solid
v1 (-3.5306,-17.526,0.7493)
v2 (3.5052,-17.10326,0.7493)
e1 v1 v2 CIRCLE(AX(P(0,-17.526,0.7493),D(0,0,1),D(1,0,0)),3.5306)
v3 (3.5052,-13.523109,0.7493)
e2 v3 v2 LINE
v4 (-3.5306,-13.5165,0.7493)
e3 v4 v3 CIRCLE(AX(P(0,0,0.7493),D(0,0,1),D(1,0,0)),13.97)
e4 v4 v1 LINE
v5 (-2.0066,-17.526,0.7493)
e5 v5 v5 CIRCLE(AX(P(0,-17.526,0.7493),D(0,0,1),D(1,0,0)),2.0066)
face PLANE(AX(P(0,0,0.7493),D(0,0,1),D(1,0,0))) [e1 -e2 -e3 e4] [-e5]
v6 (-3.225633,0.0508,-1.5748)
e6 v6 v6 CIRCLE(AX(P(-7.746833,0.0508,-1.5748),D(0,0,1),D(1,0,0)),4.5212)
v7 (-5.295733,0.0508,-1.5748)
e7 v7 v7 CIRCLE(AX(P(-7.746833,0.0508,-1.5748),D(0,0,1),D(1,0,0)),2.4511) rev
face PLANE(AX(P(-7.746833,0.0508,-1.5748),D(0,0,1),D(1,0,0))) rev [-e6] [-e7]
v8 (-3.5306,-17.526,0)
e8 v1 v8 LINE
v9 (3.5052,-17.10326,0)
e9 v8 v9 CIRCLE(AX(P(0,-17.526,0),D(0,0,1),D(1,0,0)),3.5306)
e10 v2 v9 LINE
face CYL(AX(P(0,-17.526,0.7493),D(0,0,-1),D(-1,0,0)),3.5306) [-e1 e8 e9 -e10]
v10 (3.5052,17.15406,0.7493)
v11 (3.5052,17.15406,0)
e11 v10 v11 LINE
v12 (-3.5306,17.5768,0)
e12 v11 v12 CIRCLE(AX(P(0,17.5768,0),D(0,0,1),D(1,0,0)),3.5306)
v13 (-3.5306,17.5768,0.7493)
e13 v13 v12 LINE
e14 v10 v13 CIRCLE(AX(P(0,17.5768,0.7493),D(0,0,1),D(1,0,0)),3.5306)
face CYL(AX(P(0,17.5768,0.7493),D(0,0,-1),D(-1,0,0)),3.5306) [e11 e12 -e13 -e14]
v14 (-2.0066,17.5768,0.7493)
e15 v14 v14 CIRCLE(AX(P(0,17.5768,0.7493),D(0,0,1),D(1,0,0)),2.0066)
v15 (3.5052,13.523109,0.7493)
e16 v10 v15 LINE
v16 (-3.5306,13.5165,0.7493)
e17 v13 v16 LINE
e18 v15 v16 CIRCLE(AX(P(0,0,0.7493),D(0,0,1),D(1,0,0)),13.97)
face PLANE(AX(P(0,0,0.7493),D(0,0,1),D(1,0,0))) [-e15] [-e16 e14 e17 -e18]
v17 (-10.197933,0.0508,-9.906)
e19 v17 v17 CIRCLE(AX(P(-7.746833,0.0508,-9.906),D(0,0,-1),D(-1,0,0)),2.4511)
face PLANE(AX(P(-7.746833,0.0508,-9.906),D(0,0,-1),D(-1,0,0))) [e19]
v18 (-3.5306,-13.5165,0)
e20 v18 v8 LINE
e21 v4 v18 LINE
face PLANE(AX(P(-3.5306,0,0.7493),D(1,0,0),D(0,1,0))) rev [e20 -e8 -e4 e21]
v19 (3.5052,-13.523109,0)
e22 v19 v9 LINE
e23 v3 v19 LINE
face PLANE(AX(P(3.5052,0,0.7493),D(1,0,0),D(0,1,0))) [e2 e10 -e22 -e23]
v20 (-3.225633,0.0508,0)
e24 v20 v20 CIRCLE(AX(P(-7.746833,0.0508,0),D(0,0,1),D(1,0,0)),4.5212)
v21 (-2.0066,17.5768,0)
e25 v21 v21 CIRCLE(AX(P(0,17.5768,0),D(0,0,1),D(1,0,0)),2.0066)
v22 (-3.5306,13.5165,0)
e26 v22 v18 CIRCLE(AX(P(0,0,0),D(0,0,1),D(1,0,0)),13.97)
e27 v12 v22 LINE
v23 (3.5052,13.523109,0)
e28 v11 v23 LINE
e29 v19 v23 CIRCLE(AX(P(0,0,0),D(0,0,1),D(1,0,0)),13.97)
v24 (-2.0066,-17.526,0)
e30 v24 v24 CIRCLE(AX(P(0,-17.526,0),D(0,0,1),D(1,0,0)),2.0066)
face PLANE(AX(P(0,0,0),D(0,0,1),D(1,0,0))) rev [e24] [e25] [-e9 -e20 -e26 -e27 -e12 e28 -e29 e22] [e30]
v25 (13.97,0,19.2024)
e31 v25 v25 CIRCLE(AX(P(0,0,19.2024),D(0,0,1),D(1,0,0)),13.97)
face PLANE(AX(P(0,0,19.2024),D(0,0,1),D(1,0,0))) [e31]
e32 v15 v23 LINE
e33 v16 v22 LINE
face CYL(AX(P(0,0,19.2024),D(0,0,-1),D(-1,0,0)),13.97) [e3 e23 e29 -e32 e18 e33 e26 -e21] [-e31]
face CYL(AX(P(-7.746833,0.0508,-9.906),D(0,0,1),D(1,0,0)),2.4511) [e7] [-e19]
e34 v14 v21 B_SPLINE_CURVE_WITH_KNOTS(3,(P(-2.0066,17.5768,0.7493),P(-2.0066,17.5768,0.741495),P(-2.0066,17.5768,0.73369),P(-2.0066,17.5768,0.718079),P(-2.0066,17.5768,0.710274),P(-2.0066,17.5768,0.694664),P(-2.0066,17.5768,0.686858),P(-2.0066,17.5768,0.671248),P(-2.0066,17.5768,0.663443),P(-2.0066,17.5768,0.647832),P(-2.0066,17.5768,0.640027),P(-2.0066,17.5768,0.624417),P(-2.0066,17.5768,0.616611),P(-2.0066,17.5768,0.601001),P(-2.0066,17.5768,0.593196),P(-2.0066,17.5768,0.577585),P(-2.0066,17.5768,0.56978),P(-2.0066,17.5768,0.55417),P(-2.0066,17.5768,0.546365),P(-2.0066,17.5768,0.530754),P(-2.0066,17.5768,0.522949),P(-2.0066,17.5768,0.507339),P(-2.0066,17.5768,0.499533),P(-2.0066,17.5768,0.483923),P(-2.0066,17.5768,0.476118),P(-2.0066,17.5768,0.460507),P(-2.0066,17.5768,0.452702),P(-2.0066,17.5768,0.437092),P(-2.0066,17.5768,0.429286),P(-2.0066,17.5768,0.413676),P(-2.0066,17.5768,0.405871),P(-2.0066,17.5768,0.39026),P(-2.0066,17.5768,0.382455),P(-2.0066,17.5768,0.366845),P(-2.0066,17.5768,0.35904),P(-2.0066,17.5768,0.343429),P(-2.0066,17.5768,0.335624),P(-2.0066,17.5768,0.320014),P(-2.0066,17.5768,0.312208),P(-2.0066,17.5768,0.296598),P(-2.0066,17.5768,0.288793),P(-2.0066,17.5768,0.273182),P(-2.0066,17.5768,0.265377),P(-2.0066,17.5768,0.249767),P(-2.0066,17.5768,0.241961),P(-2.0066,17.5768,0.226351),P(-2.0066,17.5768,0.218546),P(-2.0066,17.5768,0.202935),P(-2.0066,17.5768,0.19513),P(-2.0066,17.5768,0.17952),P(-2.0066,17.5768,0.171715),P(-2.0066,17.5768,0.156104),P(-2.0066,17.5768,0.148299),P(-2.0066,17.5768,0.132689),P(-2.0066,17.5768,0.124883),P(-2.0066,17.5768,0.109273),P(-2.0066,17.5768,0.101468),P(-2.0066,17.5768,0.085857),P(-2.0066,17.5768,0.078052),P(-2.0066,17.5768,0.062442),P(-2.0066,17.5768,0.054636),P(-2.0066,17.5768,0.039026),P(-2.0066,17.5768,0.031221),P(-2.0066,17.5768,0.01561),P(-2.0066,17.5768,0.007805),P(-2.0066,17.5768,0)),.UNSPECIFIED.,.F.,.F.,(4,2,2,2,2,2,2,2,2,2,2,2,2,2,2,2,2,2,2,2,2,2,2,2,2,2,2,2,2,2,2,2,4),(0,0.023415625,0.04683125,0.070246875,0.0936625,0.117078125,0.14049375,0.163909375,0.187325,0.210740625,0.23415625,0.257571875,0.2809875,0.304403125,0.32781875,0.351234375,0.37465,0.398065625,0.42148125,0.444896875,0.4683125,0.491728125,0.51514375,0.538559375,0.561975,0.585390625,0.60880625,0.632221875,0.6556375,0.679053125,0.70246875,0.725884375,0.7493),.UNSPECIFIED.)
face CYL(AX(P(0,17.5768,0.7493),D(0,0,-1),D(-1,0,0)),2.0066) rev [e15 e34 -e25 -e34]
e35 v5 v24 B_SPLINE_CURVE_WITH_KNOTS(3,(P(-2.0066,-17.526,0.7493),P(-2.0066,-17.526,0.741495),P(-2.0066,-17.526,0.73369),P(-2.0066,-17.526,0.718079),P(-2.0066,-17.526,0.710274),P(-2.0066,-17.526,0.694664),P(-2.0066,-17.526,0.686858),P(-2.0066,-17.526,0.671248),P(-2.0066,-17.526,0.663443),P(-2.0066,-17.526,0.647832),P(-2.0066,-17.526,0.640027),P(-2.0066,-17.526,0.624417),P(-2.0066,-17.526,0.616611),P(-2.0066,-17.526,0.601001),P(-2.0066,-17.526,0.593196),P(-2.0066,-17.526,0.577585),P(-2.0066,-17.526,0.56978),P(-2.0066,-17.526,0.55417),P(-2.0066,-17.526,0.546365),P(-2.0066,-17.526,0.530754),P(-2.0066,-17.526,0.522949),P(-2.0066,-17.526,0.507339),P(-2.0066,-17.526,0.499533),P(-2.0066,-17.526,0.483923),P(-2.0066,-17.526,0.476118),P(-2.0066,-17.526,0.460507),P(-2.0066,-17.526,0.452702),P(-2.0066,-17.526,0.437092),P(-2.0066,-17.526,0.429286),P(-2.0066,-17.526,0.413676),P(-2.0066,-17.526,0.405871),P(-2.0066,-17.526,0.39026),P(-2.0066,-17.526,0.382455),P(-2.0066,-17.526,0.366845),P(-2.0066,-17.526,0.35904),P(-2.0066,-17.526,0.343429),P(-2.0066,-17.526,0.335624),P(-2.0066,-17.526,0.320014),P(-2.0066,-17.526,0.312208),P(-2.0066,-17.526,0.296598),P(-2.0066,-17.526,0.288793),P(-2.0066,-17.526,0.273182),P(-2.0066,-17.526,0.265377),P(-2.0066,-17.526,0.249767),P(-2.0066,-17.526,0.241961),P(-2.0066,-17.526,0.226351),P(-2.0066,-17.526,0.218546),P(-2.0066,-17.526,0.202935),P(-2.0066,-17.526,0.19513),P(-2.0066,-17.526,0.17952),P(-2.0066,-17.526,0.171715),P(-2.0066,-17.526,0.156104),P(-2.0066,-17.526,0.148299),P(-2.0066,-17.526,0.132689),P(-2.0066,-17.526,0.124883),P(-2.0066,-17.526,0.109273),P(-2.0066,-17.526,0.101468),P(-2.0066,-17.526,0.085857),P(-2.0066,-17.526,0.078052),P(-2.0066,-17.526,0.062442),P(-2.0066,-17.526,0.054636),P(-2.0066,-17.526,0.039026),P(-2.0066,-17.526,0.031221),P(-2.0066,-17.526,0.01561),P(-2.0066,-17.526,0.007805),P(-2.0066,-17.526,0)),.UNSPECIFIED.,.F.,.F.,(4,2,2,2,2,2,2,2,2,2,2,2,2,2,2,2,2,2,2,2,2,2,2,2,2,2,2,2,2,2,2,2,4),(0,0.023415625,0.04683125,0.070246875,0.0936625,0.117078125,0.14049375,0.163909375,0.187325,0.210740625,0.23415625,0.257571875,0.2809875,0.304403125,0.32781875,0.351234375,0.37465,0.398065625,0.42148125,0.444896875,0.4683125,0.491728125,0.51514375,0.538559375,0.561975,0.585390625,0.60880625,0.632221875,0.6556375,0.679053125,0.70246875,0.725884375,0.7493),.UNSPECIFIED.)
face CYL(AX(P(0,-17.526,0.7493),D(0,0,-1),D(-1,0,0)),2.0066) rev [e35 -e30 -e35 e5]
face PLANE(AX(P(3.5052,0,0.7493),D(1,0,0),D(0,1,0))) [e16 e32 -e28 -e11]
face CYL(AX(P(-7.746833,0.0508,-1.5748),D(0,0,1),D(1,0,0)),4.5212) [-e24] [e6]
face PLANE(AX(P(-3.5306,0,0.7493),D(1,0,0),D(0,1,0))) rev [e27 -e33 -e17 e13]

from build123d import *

# Parameters (mm, degrees)
SKETCH1_R           = 13.97
BOSS_EXTRUDE1_DEPTH = 19.2024
SKETCH1_3_R         = 2.0066
BOSS_EXTRUDE2_DEPTH = 0.7493
SKETCH2_R           = 4.5212
BOSS_EXTRUDE3_DEPTH = 1.5748
SKETCH3_R           = 2.4511
BOSS_EXTRUDE4_DEPTH = 8.3312


with BuildPart() as part:
    # Sketch1 → Boss-Extrude1 (new body)
    with BuildSketch(Plane.XY):
        Circle(SKETCH1_R)
    extrude(amount=BOSS_EXTRUDE1_DEPTH)

    # Sketch1<3> → Boss-Extrude2 (add)
    # profile 1 of 2: a face of its own
    with BuildSketch(Plane.XY):
        with BuildLine():
            Line((3.5052, 13.52310885), (3.5052, 17.154059749))
            ThreePointArc((3.5052, 17.154059749), (0.211751316, 21.101044279), (-3.5306, 17.5768))
            Line((-3.5306, 17.5768), (-3.5306, 13.516499682))
            ThreePointArc((-3.5306, 13.516499682), (-0.013122891, 13.969993836), (3.5052, 13.52310885))
        make_face()
        with Locations((0, 17.5768)):
            Circle(SKETCH1_3_R, mode=Mode.SUBTRACT)
    # profile 2 of 2: a face of its own
    with BuildSketch(Plane.XY):
        with BuildLine():
            ThreePointArc((3.5052, -13.52310885), (-0.013122891, -13.969993836), (-3.5306, -13.516499682))
            Line((-3.5306, -13.516499682), (-3.5306, -17.526))
            ThreePointArc((-3.5306, -17.526), (0.211751316, -21.050244279), (3.5052, -17.103259749))
            Line((3.5052, -17.103259749), (3.5052, -13.52310885))
        make_face()
        with Locations((0, -17.526)):
            Circle(SKETCH1_3_R, mode=Mode.SUBTRACT)
    extrude(amount=BOSS_EXTRUDE2_DEPTH)

    # Sketch2 → Boss-Extrude3 (add)
    with BuildSketch(Plane.XY):
        with Locations((-7.746833441, 0.0508)):
            Circle(SKETCH2_R)
    extrude(amount=-BOSS_EXTRUDE3_DEPTH)

    # Sketch3 → Boss-Extrude4 (add)
    with BuildSketch(Plane(origin=(0, 0, -1.5748), x_dir=(-1, 0, 0), z_dir=(0, 0, -1))):
        with Locations((7.746833441, 0.0508)):
            Circle(SKETCH3_R)
    extrude(amount=BOSS_EXTRUDE4_DEPTH)


solid = part.part
